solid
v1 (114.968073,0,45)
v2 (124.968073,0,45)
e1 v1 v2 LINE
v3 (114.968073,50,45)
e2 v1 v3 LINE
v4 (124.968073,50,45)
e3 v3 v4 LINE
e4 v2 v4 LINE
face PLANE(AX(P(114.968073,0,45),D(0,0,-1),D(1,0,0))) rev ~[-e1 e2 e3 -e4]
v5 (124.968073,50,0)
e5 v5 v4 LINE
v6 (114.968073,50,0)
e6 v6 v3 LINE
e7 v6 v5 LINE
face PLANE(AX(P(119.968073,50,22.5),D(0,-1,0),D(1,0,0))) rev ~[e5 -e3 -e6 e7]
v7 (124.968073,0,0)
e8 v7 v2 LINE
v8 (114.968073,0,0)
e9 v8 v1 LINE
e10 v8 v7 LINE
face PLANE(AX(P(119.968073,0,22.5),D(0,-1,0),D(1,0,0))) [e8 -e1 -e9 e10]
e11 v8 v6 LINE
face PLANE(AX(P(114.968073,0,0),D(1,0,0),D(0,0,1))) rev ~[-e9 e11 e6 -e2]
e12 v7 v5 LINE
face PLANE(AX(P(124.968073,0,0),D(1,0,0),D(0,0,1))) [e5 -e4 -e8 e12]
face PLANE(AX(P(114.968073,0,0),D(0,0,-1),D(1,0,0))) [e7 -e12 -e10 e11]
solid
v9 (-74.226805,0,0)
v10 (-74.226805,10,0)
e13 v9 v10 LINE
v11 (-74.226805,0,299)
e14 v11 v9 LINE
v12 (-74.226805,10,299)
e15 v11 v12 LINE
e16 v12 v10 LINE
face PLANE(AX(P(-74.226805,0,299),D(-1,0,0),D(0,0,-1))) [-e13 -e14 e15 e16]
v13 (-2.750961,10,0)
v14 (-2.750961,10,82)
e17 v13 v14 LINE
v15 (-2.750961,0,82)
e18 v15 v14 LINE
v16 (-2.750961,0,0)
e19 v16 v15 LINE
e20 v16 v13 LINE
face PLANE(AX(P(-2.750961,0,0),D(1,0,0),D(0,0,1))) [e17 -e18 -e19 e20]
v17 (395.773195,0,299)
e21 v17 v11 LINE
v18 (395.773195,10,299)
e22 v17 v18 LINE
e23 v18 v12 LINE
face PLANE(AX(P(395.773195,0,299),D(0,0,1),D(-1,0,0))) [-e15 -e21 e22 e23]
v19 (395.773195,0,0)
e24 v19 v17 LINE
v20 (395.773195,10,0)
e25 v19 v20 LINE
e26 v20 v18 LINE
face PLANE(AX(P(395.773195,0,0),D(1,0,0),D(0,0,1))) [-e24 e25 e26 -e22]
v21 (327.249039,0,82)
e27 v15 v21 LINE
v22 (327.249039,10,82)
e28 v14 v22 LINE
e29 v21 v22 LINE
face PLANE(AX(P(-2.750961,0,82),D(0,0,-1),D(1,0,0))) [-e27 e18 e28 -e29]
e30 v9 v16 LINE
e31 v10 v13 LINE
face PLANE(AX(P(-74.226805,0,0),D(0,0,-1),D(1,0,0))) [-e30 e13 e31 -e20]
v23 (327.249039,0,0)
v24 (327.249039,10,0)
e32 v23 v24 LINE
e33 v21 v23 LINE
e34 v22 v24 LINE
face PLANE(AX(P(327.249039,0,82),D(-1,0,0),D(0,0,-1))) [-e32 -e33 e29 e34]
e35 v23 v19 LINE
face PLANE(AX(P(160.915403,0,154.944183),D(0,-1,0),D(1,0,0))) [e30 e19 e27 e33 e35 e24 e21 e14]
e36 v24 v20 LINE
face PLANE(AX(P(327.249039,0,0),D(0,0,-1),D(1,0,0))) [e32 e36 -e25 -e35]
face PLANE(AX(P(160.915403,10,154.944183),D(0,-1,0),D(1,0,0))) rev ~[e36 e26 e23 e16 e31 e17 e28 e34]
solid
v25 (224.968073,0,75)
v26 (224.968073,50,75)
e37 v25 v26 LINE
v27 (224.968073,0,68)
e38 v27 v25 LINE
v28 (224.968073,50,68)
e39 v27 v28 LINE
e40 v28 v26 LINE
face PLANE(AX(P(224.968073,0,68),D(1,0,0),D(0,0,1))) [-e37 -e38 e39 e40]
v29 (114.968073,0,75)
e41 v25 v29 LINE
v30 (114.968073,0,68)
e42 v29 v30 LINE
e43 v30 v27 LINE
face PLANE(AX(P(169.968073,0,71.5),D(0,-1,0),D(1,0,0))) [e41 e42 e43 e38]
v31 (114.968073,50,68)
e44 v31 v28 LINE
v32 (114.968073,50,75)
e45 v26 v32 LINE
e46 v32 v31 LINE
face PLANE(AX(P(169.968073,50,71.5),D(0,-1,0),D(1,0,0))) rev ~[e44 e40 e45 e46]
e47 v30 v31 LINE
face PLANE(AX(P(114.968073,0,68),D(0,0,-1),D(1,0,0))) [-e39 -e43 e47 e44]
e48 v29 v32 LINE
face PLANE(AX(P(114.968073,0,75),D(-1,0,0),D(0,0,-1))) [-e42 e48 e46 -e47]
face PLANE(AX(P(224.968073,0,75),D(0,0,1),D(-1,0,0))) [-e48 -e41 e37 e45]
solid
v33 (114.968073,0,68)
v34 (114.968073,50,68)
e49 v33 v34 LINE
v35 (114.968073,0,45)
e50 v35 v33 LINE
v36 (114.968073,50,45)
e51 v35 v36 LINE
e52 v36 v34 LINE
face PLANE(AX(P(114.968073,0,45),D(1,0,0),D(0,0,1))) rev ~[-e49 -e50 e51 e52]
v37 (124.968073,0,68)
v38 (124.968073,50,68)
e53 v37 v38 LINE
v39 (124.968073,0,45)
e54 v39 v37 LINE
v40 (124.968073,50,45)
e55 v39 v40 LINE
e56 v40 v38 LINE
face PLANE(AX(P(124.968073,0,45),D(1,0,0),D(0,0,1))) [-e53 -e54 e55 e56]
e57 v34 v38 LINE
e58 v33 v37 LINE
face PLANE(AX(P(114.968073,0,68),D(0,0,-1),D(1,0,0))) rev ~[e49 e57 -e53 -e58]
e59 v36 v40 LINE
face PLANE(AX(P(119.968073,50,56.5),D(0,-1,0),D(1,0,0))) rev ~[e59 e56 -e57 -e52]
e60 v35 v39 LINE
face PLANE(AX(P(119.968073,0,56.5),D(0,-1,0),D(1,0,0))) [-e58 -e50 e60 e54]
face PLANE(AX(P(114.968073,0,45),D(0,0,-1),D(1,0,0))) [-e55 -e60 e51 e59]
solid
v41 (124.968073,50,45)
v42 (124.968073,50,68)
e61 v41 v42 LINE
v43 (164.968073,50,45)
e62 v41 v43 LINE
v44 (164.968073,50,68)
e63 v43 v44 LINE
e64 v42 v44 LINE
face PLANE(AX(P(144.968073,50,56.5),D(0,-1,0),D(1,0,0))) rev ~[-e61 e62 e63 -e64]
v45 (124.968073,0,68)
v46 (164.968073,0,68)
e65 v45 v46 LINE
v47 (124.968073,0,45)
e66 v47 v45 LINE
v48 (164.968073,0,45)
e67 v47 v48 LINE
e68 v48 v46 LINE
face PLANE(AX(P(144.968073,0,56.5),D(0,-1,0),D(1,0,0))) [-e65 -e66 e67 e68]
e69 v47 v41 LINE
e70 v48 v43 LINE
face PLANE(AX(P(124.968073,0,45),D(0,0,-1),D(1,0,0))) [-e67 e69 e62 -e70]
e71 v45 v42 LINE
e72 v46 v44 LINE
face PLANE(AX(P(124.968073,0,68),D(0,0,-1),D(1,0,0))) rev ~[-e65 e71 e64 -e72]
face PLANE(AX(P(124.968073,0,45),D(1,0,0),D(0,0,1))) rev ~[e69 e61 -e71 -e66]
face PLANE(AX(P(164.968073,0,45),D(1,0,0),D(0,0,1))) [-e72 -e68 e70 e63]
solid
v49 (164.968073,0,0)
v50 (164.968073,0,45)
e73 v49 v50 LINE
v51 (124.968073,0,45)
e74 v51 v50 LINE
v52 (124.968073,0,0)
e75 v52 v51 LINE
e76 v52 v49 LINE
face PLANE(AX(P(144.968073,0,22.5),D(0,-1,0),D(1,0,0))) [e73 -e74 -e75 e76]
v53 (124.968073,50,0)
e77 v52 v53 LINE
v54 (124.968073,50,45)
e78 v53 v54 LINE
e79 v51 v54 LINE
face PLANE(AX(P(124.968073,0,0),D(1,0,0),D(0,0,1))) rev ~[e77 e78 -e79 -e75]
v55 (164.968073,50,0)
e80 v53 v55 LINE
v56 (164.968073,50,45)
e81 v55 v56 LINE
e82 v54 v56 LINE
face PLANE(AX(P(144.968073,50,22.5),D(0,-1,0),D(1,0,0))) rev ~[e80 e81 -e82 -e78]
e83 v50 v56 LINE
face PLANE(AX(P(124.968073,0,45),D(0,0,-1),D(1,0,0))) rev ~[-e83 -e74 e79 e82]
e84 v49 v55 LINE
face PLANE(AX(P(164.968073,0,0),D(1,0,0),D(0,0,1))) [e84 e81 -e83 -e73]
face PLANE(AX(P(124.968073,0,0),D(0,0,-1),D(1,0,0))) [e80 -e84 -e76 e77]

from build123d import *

# Parameters (mm, degrees)
F2_DEPTH = 10
F0_W     = 40
F0_H     = 45
F3_DEPTH = 50
F4_DEPTH = 50
F0_W_2   = 10
F5_DEPTH = 50
F0_H_2   = 23
F6_DEPTH = 50
F7_DEPTH = 50


with BuildPart() as f2:
    # F0 (on Front) → F2 (new body)
    with BuildSketch(Plane.XZ):
        Polygon((-74.2268053811, 299), (-74.2268053811, 0), (-2.7509614592, 0), (-2.7509614592, 82), (327.2490385408, 82), (327.2490385408, 0), (395.7731946189, 0), (395.7731946189, 299), align=None)
    extrude(amount=-F2_DEPTH)


with BuildPart() as f3:
    # F0 (on Front) → F3 (new body)
    with BuildSketch(Plane.XZ):
        with Locations((144.9680732191, 22.5)):
            Rectangle(F0_W, F0_H)
    extrude(amount=-F3_DEPTH)


with BuildPart() as f4:
    # F0 (on Front) → F4 (new body)
    with BuildSketch(Plane.XZ):
        Polygon((114.9680732191, 75), (114.9680732191, 68), (124.9680732191, 68), (164.9680732191, 68), (224.9680732191, 68), (224.9680732191, 75), align=None)
    extrude(amount=-F4_DEPTH)


with BuildPart() as f5:
    # F0 (on Front) → F5 (new body)
    with BuildSketch(Plane.XZ):
        with Locations((119.9680732191, 22.5)):
            Rectangle(F0_W_2, F0_H)
    extrude(amount=-F5_DEPTH)


with BuildPart() as f6:
    # F0 (on Front) → F6 (new body)
    with BuildSketch(Plane.XZ):
        with Locations((144.9680732191, 56.5)):
            Rectangle(F0_W, F0_H_2)
    extrude(amount=-F6_DEPTH)


with BuildPart() as f7:
    # F0 (on Front) → F7 (new body)
    with BuildSketch(Plane.XZ):
        with Locations((119.9680732191, 56.5)):
            Rectangle(F0_W_2, F0_H_2)
    extrude(amount=-F7_DEPTH)


solid = Compound([f2.part, f3.part, f4.part, f5.part, f6.part, f7.part])
